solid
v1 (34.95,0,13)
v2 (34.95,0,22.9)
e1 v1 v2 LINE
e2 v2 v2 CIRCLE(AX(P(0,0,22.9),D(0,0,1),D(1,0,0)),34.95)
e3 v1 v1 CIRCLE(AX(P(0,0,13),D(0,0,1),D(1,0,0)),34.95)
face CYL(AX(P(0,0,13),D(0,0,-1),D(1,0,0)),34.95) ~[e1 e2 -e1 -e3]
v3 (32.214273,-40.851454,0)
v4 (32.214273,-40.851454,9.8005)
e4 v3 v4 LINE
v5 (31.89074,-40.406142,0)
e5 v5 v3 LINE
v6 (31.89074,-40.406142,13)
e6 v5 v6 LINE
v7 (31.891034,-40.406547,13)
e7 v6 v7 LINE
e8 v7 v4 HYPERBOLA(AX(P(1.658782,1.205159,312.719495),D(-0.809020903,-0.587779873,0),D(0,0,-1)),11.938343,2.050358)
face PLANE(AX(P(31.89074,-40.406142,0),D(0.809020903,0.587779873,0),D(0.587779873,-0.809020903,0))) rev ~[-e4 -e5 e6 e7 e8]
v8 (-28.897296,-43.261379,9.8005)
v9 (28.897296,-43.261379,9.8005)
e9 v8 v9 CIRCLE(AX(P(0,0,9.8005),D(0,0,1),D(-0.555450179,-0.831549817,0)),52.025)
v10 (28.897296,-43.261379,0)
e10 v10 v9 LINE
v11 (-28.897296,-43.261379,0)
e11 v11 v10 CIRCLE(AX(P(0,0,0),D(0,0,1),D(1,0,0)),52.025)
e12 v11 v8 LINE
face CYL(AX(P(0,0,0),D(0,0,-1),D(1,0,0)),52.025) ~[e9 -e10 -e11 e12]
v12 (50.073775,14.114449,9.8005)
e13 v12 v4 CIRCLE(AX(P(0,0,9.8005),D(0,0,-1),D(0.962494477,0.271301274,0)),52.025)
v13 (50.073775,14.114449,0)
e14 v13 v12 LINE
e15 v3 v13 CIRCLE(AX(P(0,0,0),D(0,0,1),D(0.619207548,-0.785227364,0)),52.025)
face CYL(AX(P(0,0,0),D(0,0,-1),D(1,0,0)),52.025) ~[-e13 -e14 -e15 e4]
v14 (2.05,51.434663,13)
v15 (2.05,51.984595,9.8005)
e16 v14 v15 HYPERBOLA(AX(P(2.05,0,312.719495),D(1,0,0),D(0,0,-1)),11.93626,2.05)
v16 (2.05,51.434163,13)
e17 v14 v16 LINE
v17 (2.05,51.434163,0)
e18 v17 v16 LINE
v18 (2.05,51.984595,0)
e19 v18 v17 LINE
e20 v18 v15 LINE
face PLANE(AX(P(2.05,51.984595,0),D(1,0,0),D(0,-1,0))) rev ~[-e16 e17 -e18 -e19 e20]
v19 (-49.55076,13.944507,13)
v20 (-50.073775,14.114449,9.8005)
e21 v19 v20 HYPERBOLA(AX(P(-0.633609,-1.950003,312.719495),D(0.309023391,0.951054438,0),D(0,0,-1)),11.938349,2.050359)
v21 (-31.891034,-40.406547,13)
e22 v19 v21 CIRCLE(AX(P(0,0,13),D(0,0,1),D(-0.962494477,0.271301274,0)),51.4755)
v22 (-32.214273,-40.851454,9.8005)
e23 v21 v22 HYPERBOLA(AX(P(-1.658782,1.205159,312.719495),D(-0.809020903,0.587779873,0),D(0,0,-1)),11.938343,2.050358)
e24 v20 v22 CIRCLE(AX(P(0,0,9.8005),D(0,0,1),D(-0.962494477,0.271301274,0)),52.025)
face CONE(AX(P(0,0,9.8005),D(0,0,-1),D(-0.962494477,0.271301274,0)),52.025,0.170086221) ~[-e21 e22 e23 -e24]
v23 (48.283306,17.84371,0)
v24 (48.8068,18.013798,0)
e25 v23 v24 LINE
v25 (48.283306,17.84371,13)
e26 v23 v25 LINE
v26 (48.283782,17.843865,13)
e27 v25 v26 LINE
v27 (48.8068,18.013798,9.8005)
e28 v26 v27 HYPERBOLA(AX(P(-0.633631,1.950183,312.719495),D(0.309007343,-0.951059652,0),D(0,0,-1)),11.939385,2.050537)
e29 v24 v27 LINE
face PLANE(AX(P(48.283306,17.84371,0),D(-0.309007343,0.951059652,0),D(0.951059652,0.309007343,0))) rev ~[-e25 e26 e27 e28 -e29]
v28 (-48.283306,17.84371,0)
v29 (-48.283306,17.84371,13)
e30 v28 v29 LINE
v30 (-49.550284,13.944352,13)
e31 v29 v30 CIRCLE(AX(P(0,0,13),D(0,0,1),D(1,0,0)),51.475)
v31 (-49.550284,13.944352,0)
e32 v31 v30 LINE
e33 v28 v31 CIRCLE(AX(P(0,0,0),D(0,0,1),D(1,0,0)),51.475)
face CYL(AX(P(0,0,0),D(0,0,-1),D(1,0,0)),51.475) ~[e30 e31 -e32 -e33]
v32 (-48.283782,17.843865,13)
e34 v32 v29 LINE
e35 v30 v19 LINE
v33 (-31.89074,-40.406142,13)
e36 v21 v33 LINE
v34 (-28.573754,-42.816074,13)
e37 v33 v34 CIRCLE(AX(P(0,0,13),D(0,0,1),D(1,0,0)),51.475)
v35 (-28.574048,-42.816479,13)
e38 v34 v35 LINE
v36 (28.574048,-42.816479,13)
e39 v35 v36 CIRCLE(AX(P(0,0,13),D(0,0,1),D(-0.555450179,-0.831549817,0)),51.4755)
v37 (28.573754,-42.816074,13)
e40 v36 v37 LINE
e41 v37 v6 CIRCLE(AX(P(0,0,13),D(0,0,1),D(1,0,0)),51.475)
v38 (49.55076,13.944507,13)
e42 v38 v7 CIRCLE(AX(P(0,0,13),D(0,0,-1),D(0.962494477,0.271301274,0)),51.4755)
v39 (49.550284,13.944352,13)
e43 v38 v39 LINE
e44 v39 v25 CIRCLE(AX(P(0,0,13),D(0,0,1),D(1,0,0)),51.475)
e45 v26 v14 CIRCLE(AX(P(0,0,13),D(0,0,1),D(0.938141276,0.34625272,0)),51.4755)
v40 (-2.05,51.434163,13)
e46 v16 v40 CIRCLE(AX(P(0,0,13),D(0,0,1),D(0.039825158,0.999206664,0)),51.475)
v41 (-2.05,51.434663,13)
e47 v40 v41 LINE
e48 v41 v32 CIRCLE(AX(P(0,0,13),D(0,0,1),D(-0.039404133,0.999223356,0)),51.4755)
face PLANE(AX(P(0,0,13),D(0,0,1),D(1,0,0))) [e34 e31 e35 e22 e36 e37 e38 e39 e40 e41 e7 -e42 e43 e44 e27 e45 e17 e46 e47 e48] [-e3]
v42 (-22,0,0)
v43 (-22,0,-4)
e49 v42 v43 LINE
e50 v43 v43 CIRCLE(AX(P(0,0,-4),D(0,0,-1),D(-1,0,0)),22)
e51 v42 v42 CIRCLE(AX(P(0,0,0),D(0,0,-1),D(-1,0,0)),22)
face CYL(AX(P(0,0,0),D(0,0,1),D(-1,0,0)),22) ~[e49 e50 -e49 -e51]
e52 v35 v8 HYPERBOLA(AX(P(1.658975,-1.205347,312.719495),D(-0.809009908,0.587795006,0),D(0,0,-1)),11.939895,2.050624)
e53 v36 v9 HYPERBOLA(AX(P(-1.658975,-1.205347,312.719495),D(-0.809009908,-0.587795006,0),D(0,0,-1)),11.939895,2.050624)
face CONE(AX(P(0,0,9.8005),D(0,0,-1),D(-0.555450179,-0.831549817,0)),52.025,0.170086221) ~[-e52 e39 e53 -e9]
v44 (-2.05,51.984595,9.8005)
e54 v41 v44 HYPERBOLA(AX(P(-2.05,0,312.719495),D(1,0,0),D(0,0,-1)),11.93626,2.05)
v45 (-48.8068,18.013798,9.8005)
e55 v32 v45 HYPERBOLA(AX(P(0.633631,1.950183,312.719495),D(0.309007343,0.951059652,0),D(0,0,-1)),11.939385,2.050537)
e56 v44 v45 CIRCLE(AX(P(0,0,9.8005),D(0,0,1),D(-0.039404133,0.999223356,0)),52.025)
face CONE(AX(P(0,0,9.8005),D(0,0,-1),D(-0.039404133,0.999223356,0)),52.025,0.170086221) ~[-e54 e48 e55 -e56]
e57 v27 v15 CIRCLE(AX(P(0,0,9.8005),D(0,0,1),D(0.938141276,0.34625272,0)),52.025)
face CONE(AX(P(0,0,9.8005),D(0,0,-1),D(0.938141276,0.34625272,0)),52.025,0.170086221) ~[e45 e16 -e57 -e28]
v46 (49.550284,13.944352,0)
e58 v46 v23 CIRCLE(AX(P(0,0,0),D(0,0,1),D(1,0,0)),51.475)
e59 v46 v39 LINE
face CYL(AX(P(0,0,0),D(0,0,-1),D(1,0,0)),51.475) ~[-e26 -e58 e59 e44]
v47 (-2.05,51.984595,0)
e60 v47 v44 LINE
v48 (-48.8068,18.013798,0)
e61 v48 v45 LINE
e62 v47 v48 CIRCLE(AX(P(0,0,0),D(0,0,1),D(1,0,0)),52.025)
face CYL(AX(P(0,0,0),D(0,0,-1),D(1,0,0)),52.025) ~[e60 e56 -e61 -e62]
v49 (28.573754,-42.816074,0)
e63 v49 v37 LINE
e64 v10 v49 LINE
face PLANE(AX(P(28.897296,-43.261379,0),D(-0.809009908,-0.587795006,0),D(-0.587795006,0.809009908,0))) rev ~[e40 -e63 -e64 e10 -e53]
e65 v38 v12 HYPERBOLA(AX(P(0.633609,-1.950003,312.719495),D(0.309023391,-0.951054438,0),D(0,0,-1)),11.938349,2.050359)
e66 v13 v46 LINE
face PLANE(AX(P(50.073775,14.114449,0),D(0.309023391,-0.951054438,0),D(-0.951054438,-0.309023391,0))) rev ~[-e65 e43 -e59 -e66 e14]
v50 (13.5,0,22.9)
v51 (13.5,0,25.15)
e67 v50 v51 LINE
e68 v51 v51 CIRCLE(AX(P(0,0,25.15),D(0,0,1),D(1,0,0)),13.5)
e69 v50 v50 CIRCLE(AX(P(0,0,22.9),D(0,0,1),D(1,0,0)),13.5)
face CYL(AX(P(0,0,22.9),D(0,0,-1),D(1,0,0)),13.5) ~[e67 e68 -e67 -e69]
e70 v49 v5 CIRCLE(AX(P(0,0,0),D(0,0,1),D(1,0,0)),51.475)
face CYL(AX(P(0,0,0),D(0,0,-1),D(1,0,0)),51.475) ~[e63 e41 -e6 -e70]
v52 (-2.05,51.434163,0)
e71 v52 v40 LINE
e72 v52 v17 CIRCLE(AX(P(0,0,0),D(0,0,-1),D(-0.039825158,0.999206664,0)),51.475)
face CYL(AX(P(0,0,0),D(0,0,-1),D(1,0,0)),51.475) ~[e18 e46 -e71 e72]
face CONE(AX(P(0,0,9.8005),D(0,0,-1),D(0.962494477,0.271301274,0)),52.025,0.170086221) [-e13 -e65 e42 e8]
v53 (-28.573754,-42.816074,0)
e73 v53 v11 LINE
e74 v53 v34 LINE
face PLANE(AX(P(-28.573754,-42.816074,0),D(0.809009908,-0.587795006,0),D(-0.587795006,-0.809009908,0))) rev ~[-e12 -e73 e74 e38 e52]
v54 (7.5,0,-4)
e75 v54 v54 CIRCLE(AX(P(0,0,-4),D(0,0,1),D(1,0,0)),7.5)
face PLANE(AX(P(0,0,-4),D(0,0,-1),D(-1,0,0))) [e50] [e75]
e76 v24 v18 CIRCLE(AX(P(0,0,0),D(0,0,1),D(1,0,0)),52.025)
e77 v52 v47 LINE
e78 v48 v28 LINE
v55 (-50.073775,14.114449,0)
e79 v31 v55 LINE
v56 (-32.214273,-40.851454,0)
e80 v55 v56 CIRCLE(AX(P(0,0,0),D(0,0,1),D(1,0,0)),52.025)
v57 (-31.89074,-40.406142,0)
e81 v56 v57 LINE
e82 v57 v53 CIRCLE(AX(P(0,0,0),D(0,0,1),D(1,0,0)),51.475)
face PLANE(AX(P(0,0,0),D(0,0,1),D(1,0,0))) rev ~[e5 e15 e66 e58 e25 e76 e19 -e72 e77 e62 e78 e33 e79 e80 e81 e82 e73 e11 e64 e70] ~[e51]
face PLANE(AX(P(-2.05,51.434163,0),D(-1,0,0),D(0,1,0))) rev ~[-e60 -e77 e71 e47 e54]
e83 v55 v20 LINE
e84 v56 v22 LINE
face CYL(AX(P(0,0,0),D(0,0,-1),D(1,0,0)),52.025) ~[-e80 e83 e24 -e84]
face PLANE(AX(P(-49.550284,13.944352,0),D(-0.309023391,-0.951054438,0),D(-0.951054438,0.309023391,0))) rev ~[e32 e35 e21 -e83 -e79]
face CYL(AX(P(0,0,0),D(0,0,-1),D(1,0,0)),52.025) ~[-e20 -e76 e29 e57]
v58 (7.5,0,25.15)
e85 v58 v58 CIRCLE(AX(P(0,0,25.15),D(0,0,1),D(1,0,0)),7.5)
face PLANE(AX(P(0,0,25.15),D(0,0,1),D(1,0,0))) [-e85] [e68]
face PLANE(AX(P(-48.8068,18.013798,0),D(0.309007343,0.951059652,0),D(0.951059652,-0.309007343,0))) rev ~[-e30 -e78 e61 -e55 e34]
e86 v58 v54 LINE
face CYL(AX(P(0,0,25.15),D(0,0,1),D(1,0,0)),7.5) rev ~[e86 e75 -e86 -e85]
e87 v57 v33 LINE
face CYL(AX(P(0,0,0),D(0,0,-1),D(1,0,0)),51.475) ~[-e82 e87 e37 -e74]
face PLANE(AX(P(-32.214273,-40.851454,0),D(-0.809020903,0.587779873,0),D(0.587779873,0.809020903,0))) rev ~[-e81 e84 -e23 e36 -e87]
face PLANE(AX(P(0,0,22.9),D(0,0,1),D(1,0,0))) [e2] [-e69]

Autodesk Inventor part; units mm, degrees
ref_plane "YZ Plane" through (0, 0, 0) normal (1, 0, 0) x (0, 1, 0)
ref_plane "XZ Plane" through (0, 0, 0) normal (0, 1, 0) x (-1, 0, 0)
ref_plane "XY Plane" through (0, 0, 0) normal (0, 0, 1) x (1, 0, 0)
sketch "Sketch1" plane through (0, 0, 0) normal (0, 0, 1) x (1, 0, 0)
  circle A0 centre (0, 0) radius 52.025
  line L0 (-2.05, 56.1236) -> (2.05, 56.1236)
  line L1 (2.05, 56.1236) -> (2.05, 48.6562)
  line L2 (2.05, 48.6562) -> (-2.05, 48.6562)
  line L3 (-2.05, 48.6562) -> (-2.05, 56.1236)
  line L4 (0, 0) -> (0, 78.5962)
  circle A1 centre (0, 0) radius 51.475
  line L5 (-54.0102, 15.3935) -> (-52.7433, 19.2928)
  line L6 (-52.7433, 19.2928) -> (-45.6413, 16.9853)
  line L7 (-45.6413, 16.9853) -> (-46.9083, 13.0859)
  line L8 (-46.9083, 13.0859) -> (-54.0102, 15.3935)
  line L9 (-31.3302, -46.6099) -> (-34.6471, -44.2)
  line L10 (-34.6471, -44.2) -> (-30.2579, -38.1587)
  line L11 (-30.2579, -38.1587) -> (-26.9409, -40.5687)
  line L12 (-26.9409, -40.5687) -> (-31.3302, -46.6099)
  line L13 (34.6471, -44.2) -> (31.3302, -46.6099)
  line L14 (31.3302, -46.6099) -> (26.9409, -40.5687)
  line L15 (26.9409, -40.5687) -> (30.2579, -38.1587)
  line L16 (30.2579, -38.1587) -> (34.6471, -44.2)
  line L17 (52.7433, 19.2928) -> (54.0102, 15.3935)
  line L18 (54.0102, 15.3935) -> (46.9083, 13.0859)
  line L19 (46.9083, 13.0859) -> (45.6413, 16.9853)
  line L20 (45.6413, 16.9853) -> (52.7433, 19.2928)
  point P0 (2.05, 51.4342)
  point P1 (-2.05, 51.4342)
  point P2 (-2.05, 51.9846)
  point P3 (-48.8068, 18.0138)
  point P4 (-48.2833, 17.8437)
  point P5 (-49.5503, 13.9444)
  point P6 (-50.0738, 14.1145)
  point P7 (-32.2143, -40.8515)
  point P8 (-31.8907, -40.4062)
  point P9 (-28.5738, -42.8161)
  point P10 (-28.8973, -43.2614)
  point P11 (28.8973, -43.2614)
  point P12 (28.5738, -42.8161)
  point P13 (31.8907, -40.4062)
  point P14 (32.2143, -40.8515)
  point P15 (50.0738, 14.1145)
  point P16 (49.5503, 13.9444)
  point P17 (48.2833, 17.8437)
  point P18 (48.8068, 18.0138)
  point P19 (2.05, 51.9846)
  dimension "d0" = 104.05
  dimension "d2" = 0.55
  dimension "d3" = 2.05
  dimension "d4" = 4.1
  dimension "d7" = 360
extrude "Extrusion1" add sketch "Sketch1" along normal blind 13 contours A0 L16 A1 L18 | L20 A1 L1 A0 | L18 L19 L20 A1 | A1 L16 L15 L14 L12 L11 L10 L8 L7 L6 L3 L2 L1 L20 L19 L18 | A0 L12 A1 L14 | A1 L14 L15 L16 | L1 L2 L4 A1 | A0 L8 A1 L10 | A1 L10 L11 L12 | L3 A1 L6 A0 | L4 L2 L3 A1 | A1 L6 L7 L8
chamfer "Chamfer1" distance 0.55 distance2 3.2 5 edges at (49.4787, -16.0766, 13) (0, -52.025, 13) (-49.4787, -16.0766, 13) (-30.5795, 42.0891, 13) (30.5795, 42.0891, 13) measured on face at (-10.4211, -2.2799, 13)
sketch "Sketch2" plane through (0, 0, 0) normal (0, 0, -1) x (-1, 0, 0)
  circle A0 centre (0, 0) radius 22
  dimension "d14" = 44
extrude "Extrusion2" add sketch "Sketch2" along normal blind 4
sketch "Sketch3" plane through (0, 0, 13) normal (0, 0, 1) x (1, 0, 0)
  circle A0 centre (0, 0) radius 34.95
  dimension "d17" = 69.9
extrude "Extrusion3" add sketch "Sketch3" along normal blind 9.9
sketch "Sketch4" plane through (0, 0, 22.9) normal (0, 0, 1) x (1, 0, 0)
  circle A0 centre (0, 0) radius 13.5
  dimension "d20" = 27
extrude "Extrusion4" add sketch "Sketch4" along normal blind 2.25
sketch "Sketch5" plane through (0, 0, 25.15) normal (0, 0, 1) x (1, 0, 0)
  circle A0 centre (0, 0) radius 7.5
  dimension "d23" = 15
extrude "Extrusion5" cut sketch "Sketch5" against normal through all
properties part number "main_motor_planet" material "Aluminum 6061-AHC"
